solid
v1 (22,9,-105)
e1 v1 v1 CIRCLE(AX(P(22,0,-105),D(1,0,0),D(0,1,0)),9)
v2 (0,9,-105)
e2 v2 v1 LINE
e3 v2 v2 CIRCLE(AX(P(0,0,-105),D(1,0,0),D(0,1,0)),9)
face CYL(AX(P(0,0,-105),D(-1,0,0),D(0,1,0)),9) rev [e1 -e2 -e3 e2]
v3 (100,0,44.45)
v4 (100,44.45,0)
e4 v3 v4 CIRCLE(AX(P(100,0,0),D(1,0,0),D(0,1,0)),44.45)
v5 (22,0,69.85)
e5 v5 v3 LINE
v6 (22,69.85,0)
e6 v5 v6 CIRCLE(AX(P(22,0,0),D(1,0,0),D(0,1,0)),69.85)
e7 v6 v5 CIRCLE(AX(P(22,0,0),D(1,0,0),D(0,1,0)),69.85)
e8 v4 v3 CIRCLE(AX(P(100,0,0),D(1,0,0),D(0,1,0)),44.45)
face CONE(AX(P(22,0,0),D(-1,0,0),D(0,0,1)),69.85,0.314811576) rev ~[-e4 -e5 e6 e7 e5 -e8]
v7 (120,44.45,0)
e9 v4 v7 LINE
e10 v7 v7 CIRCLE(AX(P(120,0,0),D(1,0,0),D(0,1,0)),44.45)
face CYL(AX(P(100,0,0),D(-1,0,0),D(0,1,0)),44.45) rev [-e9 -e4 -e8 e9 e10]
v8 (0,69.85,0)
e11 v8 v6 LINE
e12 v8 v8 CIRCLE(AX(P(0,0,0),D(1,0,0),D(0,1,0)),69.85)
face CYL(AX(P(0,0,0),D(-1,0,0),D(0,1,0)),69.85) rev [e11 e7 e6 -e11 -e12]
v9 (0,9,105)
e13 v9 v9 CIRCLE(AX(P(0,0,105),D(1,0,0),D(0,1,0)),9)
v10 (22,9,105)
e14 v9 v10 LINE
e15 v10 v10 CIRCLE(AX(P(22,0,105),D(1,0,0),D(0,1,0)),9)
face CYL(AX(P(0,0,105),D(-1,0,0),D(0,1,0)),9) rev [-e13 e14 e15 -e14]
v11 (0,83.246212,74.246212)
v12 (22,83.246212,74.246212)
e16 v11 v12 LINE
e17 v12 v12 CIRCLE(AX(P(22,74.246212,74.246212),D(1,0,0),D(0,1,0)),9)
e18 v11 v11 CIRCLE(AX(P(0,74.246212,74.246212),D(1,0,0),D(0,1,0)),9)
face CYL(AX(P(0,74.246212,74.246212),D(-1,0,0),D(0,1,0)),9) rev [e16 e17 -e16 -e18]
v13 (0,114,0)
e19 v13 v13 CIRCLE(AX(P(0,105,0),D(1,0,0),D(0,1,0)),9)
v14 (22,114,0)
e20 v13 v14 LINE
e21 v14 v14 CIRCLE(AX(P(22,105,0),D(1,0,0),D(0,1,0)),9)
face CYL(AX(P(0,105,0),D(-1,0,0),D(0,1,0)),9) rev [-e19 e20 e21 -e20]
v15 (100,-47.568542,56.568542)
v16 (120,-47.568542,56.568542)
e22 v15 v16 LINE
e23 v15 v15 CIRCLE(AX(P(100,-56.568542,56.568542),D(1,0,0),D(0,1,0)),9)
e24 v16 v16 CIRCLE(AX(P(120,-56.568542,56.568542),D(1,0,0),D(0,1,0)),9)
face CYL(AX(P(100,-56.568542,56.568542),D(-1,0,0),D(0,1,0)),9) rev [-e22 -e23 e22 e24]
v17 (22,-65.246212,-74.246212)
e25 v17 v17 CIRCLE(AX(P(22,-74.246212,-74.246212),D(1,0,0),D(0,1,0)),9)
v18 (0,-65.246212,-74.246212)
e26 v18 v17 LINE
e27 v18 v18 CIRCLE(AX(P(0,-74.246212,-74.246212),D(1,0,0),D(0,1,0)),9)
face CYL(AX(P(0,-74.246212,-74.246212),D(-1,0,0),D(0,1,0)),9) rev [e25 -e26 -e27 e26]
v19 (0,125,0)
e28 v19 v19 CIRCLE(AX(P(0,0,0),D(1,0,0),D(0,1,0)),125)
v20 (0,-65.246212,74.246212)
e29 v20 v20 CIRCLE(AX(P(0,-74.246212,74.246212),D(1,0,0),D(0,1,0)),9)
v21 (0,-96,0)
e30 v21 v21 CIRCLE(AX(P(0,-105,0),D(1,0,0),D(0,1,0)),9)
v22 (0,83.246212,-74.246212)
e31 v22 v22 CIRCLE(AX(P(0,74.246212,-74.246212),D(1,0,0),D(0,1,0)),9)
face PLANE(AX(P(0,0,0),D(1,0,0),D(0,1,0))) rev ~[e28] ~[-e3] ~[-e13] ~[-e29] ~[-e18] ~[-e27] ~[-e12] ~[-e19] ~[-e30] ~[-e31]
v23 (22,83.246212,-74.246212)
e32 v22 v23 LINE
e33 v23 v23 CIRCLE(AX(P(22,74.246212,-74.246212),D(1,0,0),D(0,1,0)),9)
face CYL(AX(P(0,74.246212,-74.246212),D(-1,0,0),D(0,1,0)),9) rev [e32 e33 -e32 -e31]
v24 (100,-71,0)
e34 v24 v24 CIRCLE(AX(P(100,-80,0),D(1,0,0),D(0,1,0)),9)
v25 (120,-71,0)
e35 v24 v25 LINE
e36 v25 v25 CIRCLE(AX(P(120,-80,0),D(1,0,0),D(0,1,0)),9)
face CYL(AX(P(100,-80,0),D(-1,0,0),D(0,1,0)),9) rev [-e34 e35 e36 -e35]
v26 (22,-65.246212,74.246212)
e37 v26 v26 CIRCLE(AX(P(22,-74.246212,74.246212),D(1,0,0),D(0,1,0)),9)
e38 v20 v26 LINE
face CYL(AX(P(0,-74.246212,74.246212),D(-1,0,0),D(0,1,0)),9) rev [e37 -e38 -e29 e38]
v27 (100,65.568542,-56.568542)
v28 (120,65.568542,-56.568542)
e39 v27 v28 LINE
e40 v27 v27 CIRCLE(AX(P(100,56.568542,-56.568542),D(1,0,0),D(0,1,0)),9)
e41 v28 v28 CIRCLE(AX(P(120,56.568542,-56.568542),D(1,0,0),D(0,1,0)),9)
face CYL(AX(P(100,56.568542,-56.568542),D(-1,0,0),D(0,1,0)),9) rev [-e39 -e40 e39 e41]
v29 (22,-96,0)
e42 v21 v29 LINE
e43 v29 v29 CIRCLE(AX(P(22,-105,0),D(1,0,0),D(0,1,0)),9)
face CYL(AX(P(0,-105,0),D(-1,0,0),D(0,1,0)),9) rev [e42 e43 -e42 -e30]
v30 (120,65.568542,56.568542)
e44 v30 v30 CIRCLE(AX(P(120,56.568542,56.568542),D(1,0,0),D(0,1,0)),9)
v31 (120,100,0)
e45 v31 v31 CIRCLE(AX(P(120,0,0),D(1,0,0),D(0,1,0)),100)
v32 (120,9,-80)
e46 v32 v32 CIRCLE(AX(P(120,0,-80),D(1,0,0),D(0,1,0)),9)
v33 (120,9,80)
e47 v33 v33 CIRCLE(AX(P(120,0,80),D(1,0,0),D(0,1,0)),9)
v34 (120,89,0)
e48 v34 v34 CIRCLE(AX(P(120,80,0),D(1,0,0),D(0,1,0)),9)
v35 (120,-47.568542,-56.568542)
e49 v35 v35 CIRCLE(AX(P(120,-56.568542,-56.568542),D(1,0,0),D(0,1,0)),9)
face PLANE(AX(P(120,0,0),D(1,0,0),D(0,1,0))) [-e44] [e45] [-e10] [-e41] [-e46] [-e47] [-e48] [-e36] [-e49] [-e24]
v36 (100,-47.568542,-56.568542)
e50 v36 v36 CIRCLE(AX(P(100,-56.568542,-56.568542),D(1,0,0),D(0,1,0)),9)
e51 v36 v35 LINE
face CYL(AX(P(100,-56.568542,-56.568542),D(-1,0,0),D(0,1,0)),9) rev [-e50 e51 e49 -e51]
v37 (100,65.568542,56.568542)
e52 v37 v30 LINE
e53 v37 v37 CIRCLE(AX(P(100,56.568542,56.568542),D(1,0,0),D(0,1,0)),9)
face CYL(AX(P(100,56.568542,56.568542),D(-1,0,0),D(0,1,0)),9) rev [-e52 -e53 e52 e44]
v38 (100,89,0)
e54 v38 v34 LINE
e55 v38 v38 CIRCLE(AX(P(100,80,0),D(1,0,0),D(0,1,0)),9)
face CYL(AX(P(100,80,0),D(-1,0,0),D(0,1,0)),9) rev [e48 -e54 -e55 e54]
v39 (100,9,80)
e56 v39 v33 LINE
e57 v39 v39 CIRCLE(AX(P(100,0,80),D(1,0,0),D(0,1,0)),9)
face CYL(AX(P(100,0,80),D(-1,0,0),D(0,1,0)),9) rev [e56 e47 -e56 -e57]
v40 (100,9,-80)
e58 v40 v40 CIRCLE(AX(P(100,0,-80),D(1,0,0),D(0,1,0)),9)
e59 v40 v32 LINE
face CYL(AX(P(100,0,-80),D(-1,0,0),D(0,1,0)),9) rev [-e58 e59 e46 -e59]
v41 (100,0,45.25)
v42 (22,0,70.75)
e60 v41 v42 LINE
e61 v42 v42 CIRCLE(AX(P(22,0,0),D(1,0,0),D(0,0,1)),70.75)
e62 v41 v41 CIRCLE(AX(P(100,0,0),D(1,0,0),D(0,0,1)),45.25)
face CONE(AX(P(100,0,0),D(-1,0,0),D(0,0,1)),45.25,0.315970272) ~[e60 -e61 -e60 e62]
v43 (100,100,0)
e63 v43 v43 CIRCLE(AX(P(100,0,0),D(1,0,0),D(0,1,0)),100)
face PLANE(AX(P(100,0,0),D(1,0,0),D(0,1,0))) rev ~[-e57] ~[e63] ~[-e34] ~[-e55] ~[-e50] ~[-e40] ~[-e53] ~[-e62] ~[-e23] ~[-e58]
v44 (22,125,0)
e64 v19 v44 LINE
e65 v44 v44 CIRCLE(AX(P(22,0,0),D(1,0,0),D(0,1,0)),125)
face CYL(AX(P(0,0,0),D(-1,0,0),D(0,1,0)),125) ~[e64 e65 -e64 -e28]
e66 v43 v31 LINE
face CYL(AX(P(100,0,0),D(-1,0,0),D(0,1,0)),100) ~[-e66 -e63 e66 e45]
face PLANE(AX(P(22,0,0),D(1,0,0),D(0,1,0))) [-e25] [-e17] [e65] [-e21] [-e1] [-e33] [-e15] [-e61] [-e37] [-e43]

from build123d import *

# Parameters (mm, degrees)
F0_R     = 125
F0_R_2   = 9
F0_R_3   = 70.75
F0_R_4   = 69.85
F1_DEPTH = 22
F3_R     = 100
F3_R_2   = 9
F3_R_3   = 45.25
F3_R_4   = 44.45
F4_DEPTH = 20


with BuildPart() as f1:
    # F0 (on Right) → F1 (new body)
    with BuildSketch(Plane.YZ):
        Circle(F0_R)
        with Locations((-74.246212, -74.246212)):
            Circle(F0_R_2, mode=Mode.SUBTRACT)
        with Locations((0, -105)):
            Circle(F0_R_2, mode=Mode.SUBTRACT)
        with Locations((74.246212, -74.246212)):
            Circle(F0_R_2, mode=Mode.SUBTRACT)
        with Locations((-105, 0)):
            Circle(F0_R_2, mode=Mode.SUBTRACT)
        with Locations((-74.246212, 74.246212)):
            Circle(F0_R_2, mode=Mode.SUBTRACT)
        Circle(F0_R_3, mode=Mode.SUBTRACT)
        with Locations((105, 0)):
            Circle(F0_R_2, mode=Mode.SUBTRACT)
        with Locations((0, 105)):
            Circle(F0_R_2, mode=Mode.SUBTRACT)
        with Locations((74.246212, 74.246212)):
            Circle(F0_R_2, mode=Mode.SUBTRACT)
        Circle(F0_R_3)
        Circle(F0_R_4, mode=Mode.SUBTRACT)
    extrude(amount=F1_DEPTH)



with BuildPart() as f4:
    # F3 (on offset) → F4 (new body)
    with BuildSketch(Plane.YZ.offset(100)):
        Circle(F3_R)
        with Locations((-56.568542, -56.568542)):
            Circle(F3_R_2, mode=Mode.SUBTRACT)
        with Locations((0, -80)):
            Circle(F3_R_2, mode=Mode.SUBTRACT)
        with Locations((56.568542, -56.568542)):
            Circle(F3_R_2, mode=Mode.SUBTRACT)
        with Locations((-80, 0)):
            Circle(F3_R_2, mode=Mode.SUBTRACT)
        with Locations((-56.568542, 56.568542)):
            Circle(F3_R_2, mode=Mode.SUBTRACT)
        Circle(F3_R_3, mode=Mode.SUBTRACT)
        with Locations((80, 0)):
            Circle(F3_R_2, mode=Mode.SUBTRACT)
        with Locations((0, 80)):
            Circle(F3_R_2, mode=Mode.SUBTRACT)
        with Locations((56.568542, 56.568542)):
            Circle(F3_R_2, mode=Mode.SUBTRACT)
        Circle(F3_R_3)
        Circle(F3_R_4, mode=Mode.SUBTRACT)
    extrude(amount=F4_DEPTH)


with BuildPart() as f1_1:
    add(f1.part)

    add(f4.part)  # F7 merges F4
    # F6 (on Front) → F7 (revolve)
    with BuildSketch(Plane.XZ):
        Polygon((100, 45.25), (22, 70.75), (22, 69.85), (100, 44.45), align=None)
    revolve(axis=Axis((82.332404, 0, 0), (1, 0, 0)))


solid = f1_1.part
